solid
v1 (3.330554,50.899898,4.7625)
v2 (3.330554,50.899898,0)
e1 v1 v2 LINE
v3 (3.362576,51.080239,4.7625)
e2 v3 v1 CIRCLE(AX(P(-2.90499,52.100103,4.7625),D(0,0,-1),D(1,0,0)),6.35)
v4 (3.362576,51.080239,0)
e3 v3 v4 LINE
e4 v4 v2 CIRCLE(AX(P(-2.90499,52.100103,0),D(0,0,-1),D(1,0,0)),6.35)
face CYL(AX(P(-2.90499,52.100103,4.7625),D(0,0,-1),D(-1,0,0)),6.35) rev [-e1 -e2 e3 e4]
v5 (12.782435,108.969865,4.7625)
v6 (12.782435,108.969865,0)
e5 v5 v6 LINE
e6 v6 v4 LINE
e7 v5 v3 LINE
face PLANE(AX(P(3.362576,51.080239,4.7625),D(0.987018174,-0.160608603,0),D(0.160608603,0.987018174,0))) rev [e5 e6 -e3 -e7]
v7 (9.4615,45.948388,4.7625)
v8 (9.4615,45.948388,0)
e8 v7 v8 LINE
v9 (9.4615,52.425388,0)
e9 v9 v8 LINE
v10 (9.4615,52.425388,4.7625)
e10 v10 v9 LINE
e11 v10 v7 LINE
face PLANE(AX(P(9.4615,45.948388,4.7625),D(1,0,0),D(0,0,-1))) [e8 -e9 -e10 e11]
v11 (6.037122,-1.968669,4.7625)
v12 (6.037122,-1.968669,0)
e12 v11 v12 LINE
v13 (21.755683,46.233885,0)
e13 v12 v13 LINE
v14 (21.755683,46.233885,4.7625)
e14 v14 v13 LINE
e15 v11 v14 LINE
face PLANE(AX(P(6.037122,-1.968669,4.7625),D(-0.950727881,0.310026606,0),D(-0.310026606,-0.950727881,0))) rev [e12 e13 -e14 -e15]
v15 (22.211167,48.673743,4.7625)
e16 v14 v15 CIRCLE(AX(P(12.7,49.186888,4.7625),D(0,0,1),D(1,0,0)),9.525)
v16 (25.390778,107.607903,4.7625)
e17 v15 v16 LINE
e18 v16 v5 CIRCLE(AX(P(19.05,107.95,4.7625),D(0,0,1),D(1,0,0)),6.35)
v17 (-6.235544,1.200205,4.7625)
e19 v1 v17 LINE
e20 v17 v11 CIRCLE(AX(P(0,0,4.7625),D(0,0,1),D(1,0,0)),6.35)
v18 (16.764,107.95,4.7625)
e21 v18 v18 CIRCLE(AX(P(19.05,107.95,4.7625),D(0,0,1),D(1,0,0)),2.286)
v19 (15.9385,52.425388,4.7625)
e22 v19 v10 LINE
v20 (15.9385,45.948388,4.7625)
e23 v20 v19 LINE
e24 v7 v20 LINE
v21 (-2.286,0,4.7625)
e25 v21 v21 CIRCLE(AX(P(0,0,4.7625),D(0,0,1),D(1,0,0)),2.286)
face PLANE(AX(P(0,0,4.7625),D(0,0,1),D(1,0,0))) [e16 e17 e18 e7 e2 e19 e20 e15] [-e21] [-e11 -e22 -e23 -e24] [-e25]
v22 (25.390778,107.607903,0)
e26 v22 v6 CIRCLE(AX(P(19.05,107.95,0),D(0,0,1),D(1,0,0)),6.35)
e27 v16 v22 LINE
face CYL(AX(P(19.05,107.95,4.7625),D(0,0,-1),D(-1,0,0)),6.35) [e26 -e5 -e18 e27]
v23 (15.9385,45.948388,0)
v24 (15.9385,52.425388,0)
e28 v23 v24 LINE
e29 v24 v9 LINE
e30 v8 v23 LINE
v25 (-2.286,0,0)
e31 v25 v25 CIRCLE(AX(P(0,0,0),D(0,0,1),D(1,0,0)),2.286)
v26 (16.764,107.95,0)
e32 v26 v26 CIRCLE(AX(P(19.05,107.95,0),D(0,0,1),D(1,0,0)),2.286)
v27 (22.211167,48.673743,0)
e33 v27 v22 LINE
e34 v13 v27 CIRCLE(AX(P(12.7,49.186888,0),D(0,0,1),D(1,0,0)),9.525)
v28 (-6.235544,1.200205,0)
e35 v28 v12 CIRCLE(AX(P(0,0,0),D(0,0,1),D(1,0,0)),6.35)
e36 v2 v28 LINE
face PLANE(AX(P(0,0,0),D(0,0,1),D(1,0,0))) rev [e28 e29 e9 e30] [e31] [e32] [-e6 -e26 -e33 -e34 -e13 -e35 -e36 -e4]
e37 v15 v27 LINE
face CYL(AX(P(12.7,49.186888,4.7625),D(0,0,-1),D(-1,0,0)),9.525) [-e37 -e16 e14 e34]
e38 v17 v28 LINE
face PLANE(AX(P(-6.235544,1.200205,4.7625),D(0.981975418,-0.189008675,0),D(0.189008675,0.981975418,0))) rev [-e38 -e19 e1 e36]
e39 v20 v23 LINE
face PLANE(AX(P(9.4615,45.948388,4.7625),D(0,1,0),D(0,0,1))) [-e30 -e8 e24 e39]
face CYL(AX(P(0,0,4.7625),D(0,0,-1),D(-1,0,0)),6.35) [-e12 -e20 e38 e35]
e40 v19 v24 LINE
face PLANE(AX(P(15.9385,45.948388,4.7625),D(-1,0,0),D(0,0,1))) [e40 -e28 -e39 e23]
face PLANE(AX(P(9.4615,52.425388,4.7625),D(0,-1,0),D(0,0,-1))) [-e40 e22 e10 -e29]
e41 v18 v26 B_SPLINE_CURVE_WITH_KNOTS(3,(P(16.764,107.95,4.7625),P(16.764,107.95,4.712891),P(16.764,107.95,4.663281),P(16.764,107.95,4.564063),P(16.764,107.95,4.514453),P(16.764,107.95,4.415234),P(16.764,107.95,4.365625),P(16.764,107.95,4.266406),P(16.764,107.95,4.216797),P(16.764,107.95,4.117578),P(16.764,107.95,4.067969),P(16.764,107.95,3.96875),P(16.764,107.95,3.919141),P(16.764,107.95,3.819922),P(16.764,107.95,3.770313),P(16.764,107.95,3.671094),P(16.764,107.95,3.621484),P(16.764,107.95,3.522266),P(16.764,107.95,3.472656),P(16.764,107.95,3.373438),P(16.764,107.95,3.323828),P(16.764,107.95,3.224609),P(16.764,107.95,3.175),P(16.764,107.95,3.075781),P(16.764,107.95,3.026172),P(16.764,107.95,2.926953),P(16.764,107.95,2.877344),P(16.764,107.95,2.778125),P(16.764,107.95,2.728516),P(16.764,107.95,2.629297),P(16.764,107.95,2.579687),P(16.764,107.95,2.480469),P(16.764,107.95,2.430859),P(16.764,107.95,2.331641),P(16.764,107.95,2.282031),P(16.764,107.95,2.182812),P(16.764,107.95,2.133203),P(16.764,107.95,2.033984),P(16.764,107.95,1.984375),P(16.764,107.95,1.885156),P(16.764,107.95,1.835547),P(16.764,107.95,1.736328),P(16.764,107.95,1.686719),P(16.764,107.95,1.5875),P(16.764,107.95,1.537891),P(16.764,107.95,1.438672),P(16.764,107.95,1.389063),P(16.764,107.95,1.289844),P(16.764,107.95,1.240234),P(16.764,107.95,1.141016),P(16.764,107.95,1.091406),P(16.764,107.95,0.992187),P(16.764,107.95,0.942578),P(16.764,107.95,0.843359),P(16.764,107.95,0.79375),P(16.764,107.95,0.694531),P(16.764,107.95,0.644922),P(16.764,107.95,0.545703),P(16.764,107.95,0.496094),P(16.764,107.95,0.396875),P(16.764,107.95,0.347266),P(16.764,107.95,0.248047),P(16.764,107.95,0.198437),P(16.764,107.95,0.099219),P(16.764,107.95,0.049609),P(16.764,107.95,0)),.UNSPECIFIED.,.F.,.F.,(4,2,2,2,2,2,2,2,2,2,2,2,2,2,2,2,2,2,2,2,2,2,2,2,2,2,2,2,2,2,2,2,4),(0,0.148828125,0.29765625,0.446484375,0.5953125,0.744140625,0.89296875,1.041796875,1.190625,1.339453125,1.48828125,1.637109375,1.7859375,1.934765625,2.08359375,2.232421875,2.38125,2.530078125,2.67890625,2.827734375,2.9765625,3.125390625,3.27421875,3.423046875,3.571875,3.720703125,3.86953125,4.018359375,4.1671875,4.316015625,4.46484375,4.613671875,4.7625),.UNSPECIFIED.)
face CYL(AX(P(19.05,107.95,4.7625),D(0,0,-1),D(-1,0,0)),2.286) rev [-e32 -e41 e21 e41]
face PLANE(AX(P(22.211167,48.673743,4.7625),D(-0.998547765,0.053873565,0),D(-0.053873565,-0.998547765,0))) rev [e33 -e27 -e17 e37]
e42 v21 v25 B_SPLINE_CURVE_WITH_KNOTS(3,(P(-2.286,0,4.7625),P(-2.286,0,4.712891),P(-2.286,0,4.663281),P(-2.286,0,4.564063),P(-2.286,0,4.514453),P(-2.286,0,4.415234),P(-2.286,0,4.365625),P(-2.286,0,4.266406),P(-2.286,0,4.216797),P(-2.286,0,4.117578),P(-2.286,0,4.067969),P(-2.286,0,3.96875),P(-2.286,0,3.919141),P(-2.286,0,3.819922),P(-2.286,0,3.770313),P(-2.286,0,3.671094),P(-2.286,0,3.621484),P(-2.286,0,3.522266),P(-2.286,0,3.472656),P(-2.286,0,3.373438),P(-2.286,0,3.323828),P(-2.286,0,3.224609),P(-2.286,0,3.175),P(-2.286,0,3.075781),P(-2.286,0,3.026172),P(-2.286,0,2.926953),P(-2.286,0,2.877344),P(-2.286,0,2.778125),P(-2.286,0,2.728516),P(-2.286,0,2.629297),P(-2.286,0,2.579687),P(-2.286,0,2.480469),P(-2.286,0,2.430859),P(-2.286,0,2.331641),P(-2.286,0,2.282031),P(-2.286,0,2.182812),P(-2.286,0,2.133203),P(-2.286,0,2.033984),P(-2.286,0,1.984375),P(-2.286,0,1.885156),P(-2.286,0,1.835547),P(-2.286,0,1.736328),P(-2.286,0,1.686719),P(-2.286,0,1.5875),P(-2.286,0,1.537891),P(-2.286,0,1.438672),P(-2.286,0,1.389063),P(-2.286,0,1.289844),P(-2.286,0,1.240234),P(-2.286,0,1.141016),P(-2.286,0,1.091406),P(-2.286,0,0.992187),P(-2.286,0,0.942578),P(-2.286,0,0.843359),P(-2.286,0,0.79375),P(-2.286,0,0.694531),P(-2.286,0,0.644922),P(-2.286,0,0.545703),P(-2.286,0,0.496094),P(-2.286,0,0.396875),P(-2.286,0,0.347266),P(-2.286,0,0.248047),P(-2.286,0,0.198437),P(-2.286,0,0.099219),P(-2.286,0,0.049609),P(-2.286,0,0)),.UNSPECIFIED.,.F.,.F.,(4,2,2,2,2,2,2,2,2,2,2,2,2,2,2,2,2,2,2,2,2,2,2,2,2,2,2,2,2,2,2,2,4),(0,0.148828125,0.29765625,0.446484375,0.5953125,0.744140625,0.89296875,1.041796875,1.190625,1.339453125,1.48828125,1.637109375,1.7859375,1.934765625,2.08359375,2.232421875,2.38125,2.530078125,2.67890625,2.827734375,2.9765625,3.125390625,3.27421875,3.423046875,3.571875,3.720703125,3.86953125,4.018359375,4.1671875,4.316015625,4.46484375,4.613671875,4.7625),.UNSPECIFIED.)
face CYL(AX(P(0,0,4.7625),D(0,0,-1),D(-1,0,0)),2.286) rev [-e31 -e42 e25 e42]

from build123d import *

# Parameters (mm, degrees)
SKETCH1_R           = 2.286
SKETCH1_W           = 6.477
SKETCH1_H           = 6.477
BOSS_EXTRUDE1_DEPTH = 4.7625


with BuildPart() as part:
    # Sketch1 → Boss-Extrude1 (new body)
    with BuildSketch(Plane.XY):
        with BuildLine():
            Line((-6.235543901, 1.200205089), (3.330554168, 50.899898088))
            ThreePointArc((3.330554168, 50.899898088), (3.347215179, 50.989952859), (3.362575674, 51.080238551))
            Line((3.362575674, 51.080238551), (12.782434592, 108.969864627))
            ThreePointArc((12.782434592, 108.969864627), (19.731964071, 114.263273715), (25.390778308, 107.607902862))
            Line((25.390778308, 107.607902862), (22.211167462, 48.67374279))
            ThreePointArc((22.211167462, 48.67374279), (22.06323721, 47.438914255), (21.755683067, 46.233885077))
            Line((21.755683067, 46.233885077), (6.037122044, -1.968668947))
            ThreePointArc((6.037122044, -1.968668947), (-1.587540069, -6.148350716), (-6.235543901, 1.200205089))
        make_face()
        with Locations(Location((0, 0, 0), (0, 0, 180))):
            Circle(SKETCH1_R, mode=Mode.SUBTRACT)
        with Locations(Location((19.05, 107.95, 0), (0, 0, 180))):
            Circle(SKETCH1_R, mode=Mode.SUBTRACT)
        with Locations((12.7, 49.186888497)):
            Rectangle(SKETCH1_W, SKETCH1_H, mode=Mode.SUBTRACT)
    extrude(amount=BOSS_EXTRUDE1_DEPTH)


solid = part.part
